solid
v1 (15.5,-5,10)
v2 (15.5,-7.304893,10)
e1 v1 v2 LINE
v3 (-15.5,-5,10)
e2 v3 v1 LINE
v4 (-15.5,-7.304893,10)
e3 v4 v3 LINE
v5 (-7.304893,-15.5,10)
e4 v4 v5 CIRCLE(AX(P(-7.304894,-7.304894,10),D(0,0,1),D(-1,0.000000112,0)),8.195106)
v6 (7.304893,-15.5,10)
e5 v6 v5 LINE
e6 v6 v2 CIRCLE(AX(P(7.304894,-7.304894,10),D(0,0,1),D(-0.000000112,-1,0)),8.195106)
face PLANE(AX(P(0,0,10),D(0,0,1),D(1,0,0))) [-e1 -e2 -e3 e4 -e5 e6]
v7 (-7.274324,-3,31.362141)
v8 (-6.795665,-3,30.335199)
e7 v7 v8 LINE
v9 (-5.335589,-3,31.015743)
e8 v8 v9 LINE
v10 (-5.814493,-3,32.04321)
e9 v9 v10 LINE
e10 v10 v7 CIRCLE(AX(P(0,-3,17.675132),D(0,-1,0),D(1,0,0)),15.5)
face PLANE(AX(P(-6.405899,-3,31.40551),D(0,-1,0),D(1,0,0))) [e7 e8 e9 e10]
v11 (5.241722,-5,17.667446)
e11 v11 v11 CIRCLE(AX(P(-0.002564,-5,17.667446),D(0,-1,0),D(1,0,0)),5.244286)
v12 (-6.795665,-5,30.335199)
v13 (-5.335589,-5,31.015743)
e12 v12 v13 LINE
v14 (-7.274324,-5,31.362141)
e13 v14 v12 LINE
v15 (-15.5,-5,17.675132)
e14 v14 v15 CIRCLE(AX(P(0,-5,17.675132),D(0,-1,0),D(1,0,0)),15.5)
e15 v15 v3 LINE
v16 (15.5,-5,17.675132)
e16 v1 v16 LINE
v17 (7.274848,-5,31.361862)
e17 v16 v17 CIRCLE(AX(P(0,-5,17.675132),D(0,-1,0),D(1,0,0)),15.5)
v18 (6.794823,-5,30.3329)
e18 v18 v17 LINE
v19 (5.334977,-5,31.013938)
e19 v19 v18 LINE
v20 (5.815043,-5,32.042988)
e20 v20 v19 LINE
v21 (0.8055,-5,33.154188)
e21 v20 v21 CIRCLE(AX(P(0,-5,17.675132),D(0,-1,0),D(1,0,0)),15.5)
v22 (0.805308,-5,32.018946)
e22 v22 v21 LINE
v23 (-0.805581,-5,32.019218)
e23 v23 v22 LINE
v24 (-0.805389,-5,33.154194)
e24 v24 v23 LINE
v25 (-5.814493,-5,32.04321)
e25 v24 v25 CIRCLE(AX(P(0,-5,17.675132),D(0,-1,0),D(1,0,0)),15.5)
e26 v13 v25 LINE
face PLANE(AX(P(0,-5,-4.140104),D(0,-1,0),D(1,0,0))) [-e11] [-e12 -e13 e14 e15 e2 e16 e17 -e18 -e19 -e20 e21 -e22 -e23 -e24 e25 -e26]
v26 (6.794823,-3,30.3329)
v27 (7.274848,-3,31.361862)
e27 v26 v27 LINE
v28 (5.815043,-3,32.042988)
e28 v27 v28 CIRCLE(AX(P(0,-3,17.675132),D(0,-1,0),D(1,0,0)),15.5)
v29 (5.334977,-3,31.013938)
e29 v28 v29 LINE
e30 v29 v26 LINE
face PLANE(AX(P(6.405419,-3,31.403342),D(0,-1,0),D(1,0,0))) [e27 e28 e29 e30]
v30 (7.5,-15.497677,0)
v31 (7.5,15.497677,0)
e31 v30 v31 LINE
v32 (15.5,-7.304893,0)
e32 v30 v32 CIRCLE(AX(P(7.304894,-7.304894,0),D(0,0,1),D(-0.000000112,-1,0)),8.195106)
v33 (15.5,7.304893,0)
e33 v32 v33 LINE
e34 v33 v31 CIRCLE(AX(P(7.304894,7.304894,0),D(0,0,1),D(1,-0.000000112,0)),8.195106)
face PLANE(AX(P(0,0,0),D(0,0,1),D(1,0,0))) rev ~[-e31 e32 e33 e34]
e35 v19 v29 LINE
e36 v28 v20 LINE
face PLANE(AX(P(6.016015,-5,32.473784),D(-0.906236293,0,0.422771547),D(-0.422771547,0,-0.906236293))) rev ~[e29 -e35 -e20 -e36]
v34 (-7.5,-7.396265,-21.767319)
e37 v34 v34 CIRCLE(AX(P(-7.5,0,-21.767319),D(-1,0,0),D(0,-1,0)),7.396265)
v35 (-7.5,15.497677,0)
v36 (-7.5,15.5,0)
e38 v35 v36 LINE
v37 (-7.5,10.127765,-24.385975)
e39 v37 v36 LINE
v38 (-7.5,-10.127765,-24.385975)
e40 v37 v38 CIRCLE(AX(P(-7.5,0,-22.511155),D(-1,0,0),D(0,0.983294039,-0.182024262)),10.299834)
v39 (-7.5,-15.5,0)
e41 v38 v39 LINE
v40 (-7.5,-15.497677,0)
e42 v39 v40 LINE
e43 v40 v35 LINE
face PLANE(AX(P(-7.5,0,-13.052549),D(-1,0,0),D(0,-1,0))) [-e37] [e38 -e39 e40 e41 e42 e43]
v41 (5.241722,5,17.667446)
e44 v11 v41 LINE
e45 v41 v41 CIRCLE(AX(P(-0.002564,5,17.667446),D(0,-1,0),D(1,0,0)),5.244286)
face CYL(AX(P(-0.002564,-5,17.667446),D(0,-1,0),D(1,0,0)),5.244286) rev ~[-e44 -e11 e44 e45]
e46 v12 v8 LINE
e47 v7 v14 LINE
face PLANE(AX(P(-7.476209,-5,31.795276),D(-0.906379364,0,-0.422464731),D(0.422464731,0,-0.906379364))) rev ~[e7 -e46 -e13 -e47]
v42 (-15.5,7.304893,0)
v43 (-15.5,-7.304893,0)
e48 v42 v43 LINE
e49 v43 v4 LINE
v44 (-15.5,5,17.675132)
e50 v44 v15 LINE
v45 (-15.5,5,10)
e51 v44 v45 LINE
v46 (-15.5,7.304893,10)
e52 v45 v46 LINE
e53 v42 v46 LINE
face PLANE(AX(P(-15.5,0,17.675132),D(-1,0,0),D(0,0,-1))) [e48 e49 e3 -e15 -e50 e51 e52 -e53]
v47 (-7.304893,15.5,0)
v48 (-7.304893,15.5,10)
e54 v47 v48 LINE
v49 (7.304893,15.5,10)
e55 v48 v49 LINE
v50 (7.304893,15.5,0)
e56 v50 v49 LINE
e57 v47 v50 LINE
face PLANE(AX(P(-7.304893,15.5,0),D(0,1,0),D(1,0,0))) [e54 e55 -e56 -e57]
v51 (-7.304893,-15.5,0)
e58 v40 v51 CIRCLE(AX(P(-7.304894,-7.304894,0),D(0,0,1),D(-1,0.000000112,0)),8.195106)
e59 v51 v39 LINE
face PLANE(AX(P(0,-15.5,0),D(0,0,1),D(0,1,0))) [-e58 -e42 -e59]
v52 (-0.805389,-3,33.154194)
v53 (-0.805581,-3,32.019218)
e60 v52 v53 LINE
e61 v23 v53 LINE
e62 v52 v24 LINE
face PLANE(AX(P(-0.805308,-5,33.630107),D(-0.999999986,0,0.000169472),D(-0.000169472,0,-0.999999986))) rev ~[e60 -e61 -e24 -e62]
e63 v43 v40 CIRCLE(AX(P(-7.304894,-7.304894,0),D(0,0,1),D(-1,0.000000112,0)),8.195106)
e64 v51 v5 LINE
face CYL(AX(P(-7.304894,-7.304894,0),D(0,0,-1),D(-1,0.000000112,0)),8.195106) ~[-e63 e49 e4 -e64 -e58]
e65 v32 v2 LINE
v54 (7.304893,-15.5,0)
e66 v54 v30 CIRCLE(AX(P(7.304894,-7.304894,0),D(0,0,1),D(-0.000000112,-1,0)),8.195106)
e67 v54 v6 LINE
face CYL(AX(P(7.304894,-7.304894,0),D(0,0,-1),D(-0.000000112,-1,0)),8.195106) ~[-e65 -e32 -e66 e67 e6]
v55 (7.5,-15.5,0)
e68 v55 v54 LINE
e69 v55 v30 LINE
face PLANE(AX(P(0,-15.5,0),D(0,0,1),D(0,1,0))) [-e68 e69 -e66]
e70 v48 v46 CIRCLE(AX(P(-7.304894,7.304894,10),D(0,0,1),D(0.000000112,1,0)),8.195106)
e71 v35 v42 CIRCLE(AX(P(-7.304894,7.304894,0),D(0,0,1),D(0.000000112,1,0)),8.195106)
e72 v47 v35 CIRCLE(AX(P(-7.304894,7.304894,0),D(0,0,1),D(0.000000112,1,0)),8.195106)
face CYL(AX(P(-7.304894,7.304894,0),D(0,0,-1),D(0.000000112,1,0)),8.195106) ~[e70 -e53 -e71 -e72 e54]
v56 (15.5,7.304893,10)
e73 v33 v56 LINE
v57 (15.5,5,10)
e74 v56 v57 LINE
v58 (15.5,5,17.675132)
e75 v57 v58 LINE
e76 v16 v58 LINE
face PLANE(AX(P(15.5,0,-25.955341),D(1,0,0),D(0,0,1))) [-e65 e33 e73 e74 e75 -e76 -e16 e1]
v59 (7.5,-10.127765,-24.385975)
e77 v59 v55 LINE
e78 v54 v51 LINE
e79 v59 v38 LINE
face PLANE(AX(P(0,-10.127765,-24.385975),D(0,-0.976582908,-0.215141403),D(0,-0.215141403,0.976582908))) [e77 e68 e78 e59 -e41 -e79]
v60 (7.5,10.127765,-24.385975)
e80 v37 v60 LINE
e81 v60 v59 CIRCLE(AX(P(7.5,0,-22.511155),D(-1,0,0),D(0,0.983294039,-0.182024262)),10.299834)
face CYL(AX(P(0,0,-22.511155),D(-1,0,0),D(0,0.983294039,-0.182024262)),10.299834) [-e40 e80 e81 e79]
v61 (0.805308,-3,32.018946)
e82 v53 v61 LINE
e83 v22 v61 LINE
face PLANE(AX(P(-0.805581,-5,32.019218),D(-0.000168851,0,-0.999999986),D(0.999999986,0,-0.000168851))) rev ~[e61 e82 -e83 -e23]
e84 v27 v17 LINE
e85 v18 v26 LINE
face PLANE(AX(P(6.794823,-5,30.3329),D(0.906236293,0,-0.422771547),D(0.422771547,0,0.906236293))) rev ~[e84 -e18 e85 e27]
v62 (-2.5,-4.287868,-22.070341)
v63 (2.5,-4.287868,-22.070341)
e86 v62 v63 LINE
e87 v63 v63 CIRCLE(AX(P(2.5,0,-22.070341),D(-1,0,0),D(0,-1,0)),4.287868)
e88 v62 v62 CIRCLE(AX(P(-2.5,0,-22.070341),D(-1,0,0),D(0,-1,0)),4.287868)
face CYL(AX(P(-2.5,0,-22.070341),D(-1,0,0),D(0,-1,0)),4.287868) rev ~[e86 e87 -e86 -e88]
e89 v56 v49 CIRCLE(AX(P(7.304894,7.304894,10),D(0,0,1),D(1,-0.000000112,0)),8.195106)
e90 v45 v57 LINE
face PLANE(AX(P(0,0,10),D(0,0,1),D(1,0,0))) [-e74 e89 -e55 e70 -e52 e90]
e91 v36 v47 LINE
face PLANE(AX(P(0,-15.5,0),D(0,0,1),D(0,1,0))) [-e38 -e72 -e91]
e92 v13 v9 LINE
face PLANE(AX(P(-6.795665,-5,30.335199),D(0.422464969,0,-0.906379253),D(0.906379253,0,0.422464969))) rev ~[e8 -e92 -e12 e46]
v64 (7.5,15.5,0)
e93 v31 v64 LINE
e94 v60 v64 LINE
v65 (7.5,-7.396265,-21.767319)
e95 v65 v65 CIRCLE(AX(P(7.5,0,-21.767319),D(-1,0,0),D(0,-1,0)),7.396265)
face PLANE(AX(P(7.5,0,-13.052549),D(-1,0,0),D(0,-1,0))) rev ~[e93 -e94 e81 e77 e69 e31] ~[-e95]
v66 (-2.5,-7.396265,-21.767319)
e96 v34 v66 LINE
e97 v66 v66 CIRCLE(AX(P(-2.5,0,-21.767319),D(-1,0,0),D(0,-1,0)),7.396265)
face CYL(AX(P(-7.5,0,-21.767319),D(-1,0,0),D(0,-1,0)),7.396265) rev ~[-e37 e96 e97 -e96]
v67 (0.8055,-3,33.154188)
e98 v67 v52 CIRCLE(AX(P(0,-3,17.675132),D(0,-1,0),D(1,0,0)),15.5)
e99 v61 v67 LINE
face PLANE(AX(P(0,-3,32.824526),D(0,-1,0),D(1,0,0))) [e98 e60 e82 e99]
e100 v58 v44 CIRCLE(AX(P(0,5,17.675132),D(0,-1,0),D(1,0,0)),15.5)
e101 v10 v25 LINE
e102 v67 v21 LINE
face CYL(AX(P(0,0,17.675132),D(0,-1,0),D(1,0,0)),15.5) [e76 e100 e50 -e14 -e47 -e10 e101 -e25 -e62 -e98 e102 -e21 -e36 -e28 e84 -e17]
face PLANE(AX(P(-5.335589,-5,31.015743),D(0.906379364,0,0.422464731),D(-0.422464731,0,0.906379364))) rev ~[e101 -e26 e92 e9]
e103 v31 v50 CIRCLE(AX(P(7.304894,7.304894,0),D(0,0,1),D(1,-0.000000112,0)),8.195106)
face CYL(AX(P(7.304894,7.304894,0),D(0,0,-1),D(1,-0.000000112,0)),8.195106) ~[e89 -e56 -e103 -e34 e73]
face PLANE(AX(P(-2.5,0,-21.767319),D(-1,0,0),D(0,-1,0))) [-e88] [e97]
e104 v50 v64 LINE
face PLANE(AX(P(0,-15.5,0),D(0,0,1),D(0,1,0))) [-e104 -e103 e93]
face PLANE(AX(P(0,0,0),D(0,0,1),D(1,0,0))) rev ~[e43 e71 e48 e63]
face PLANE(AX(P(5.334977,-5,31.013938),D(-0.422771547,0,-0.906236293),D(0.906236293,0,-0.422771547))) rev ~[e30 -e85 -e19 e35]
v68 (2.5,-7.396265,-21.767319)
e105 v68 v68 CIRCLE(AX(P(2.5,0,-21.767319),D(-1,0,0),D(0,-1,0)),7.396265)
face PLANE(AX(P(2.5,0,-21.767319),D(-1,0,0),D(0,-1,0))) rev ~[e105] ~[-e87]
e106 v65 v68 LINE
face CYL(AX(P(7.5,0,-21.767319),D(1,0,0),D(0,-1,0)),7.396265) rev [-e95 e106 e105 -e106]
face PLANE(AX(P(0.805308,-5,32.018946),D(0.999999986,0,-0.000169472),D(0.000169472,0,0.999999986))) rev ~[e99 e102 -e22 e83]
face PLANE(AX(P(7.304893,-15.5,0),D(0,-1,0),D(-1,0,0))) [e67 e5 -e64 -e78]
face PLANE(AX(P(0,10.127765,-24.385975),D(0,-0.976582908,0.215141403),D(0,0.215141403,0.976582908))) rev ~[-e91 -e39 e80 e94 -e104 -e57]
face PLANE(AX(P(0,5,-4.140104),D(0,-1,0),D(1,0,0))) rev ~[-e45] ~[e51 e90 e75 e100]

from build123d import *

# Parameters (mm, degrees)
PAD_DEPTH         = 10
PAD001_DEPTH      = 5
SKETCH002_W       = 60.350427
SKETCH002_H       = 42.441708
POCKET_DEPTH      = 15.501
POCKET_DEPTH_BACK = -15.501
PAD002_DEPTH      = 7.5
SKETCH004_R       = 7.396265
POCKET001_DEPTH   = 5
SKETCH005_R       = 4.287868
POCKET002_DEPTH   = 18.001
SKETCH006_R       = 7.396265
POCKET003_DEPTH   = 5
POCKET004_DEPTH   = 2
SKETCH008_R       = 5.244286
POCKET005_DEPTH   = 18


with BuildPart() as part:
    # Sketch → Pad (new body)
    with BuildSketch(Plane.XY):
        with BuildLine():
            ThreePointArc((-7.304893, 15.5), (-13.099709, 13.099709), (-15.5, 7.304893))
            Line((-15.5, -7.304893), (-15.5, 7.304893))
            ThreePointArc((-15.5, -7.304893), (-13.099709, -13.099709), (-7.304893, -15.5))
            Line((7.304893, -15.5), (-7.304893, -15.5))
            ThreePointArc((7.304893, -15.5), (13.099709, -13.099709), (15.5, -7.304893))
            Line((15.5, 7.304893), (15.5, -7.304893))
            ThreePointArc((15.5, 7.304893), (13.099709, 13.099709), (7.304893, 15.5))
            Line((-7.304893, 15.5), (7.304893, 15.5))
        make_face()
    extrude(amount=PAD_DEPTH)

    # Sketch001 (on Face4 of Pad) → Pad001 (join, symmetric)
    with BuildSketch(Plane.XZ):
        with BuildLine():
            ThreePointArc((15.5, 17.675132), (0, 33.175132), (-15.5, 17.675132))
            Line((-15.5, 17.675132), (-15.5, -25.955341))
            ThreePointArc((-15.5, -25.955341), (0, -41.455341), (15.5, -25.955341))
            Line((15.5, -25.955341), (15.5, 17.675132))
        make_face()
    extrude(amount=PAD001_DEPTH, both=True)

    # Sketch002 → Pocket (cut, two sides)
    with BuildSketch(Plane.XZ) as pocket_sk:
        with Locations((0.02109, -21.220854)):
            Rectangle(SKETCH002_W, SKETCH002_H)
    extrude(amount=-POCKET_DEPTH, mode=Mode.SUBTRACT)
    extrude(pocket_sk.sketch, amount=-POCKET_DEPTH_BACK, mode=Mode.SUBTRACT)

    # Sketch003 (on Face7 of Pocket) → Pad002 (join, symmetric)
    with BuildSketch(Plane(origin=(0, 0, 0), x_dir=(0, -1, 0), z_dir=(-1, 0, 0))):
        with BuildLine():
            ThreePointArc((-10.127765, -24.385975), (0, -32.810989), (10.127765, -24.385975))
            Line((10.127765, -24.385975), (15.5, 0))
            Line((15.5, 0), (-15.5, 0))
            Line((-10.127765, -24.385975), (-15.5, 0))
        make_face()
    extrude(amount=PAD002_DEPTH, both=True)

    # Sketch004 (on Face10 of Pad002) → Pocket001 (cut)
    with BuildSketch(Plane(origin=(-7.5, 0, 0), x_dir=(0, -1, 0), z_dir=(-1, 0, 0))):
        with Locations((0, -21.767319)):
            Circle(SKETCH004_R)
    extrude(amount=-POCKET001_DEPTH, mode=Mode.SUBTRACT)

    # Sketch005 (on Face34 of Pocket001) → Pocket002 (cut, through all)
    with BuildSketch(Plane(origin=(-2.5, 0, 0), x_dir=(0, -1, 0), z_dir=(-1, 0, 0))):
        with Locations((0, -22.070341)):
            Circle(SKETCH005_R)
    extrude(amount=-POCKET002_DEPTH, mode=Mode.SUBTRACT)

    # Sketch006 (on Face10 of Pad002) → Pocket003 (cut)
    with BuildSketch(Plane(origin=(7.5, 0, 0), x_dir=(0, -1, 0), z_dir=(-1, 0, 0))):
        with Locations((0, -21.767319)):
            Circle(SKETCH006_R)
    extrude(amount=POCKET003_DEPTH, mode=Mode.SUBTRACT)

    # Sketch007 (on Face31 of Pocket003) → Pocket004 (cut)
    with BuildSketch(Plane.XZ.offset(5)):
        Polygon((-6.795665, 30.335199), (-5.335589, 31.015743), (-6.016133, 32.47582), (-7.476209, 31.795276), align=None)
        Polygon((0.805308, 32.018946), (0.805581, 33.629835), (-0.805308, 33.630107), (-0.805581, 32.019218), align=None)
        Polygon((6.794823, 30.3329), (7.475861, 31.792746), (6.016015, 32.473784), (5.334977, 31.013938), align=None)
    extrude(amount=-POCKET004_DEPTH, mode=Mode.SUBTRACT)

    # Sketch008 (on Face31 of Pocket003) → Pocket005 (cut)
    with BuildSketch(Plane.XZ.offset(5)):
        with Locations((-0.002564, 17.667446)):
            Circle(SKETCH008_R)
    extrude(amount=-POCKET005_DEPTH, mode=Mode.SUBTRACT)


solid = part.part
